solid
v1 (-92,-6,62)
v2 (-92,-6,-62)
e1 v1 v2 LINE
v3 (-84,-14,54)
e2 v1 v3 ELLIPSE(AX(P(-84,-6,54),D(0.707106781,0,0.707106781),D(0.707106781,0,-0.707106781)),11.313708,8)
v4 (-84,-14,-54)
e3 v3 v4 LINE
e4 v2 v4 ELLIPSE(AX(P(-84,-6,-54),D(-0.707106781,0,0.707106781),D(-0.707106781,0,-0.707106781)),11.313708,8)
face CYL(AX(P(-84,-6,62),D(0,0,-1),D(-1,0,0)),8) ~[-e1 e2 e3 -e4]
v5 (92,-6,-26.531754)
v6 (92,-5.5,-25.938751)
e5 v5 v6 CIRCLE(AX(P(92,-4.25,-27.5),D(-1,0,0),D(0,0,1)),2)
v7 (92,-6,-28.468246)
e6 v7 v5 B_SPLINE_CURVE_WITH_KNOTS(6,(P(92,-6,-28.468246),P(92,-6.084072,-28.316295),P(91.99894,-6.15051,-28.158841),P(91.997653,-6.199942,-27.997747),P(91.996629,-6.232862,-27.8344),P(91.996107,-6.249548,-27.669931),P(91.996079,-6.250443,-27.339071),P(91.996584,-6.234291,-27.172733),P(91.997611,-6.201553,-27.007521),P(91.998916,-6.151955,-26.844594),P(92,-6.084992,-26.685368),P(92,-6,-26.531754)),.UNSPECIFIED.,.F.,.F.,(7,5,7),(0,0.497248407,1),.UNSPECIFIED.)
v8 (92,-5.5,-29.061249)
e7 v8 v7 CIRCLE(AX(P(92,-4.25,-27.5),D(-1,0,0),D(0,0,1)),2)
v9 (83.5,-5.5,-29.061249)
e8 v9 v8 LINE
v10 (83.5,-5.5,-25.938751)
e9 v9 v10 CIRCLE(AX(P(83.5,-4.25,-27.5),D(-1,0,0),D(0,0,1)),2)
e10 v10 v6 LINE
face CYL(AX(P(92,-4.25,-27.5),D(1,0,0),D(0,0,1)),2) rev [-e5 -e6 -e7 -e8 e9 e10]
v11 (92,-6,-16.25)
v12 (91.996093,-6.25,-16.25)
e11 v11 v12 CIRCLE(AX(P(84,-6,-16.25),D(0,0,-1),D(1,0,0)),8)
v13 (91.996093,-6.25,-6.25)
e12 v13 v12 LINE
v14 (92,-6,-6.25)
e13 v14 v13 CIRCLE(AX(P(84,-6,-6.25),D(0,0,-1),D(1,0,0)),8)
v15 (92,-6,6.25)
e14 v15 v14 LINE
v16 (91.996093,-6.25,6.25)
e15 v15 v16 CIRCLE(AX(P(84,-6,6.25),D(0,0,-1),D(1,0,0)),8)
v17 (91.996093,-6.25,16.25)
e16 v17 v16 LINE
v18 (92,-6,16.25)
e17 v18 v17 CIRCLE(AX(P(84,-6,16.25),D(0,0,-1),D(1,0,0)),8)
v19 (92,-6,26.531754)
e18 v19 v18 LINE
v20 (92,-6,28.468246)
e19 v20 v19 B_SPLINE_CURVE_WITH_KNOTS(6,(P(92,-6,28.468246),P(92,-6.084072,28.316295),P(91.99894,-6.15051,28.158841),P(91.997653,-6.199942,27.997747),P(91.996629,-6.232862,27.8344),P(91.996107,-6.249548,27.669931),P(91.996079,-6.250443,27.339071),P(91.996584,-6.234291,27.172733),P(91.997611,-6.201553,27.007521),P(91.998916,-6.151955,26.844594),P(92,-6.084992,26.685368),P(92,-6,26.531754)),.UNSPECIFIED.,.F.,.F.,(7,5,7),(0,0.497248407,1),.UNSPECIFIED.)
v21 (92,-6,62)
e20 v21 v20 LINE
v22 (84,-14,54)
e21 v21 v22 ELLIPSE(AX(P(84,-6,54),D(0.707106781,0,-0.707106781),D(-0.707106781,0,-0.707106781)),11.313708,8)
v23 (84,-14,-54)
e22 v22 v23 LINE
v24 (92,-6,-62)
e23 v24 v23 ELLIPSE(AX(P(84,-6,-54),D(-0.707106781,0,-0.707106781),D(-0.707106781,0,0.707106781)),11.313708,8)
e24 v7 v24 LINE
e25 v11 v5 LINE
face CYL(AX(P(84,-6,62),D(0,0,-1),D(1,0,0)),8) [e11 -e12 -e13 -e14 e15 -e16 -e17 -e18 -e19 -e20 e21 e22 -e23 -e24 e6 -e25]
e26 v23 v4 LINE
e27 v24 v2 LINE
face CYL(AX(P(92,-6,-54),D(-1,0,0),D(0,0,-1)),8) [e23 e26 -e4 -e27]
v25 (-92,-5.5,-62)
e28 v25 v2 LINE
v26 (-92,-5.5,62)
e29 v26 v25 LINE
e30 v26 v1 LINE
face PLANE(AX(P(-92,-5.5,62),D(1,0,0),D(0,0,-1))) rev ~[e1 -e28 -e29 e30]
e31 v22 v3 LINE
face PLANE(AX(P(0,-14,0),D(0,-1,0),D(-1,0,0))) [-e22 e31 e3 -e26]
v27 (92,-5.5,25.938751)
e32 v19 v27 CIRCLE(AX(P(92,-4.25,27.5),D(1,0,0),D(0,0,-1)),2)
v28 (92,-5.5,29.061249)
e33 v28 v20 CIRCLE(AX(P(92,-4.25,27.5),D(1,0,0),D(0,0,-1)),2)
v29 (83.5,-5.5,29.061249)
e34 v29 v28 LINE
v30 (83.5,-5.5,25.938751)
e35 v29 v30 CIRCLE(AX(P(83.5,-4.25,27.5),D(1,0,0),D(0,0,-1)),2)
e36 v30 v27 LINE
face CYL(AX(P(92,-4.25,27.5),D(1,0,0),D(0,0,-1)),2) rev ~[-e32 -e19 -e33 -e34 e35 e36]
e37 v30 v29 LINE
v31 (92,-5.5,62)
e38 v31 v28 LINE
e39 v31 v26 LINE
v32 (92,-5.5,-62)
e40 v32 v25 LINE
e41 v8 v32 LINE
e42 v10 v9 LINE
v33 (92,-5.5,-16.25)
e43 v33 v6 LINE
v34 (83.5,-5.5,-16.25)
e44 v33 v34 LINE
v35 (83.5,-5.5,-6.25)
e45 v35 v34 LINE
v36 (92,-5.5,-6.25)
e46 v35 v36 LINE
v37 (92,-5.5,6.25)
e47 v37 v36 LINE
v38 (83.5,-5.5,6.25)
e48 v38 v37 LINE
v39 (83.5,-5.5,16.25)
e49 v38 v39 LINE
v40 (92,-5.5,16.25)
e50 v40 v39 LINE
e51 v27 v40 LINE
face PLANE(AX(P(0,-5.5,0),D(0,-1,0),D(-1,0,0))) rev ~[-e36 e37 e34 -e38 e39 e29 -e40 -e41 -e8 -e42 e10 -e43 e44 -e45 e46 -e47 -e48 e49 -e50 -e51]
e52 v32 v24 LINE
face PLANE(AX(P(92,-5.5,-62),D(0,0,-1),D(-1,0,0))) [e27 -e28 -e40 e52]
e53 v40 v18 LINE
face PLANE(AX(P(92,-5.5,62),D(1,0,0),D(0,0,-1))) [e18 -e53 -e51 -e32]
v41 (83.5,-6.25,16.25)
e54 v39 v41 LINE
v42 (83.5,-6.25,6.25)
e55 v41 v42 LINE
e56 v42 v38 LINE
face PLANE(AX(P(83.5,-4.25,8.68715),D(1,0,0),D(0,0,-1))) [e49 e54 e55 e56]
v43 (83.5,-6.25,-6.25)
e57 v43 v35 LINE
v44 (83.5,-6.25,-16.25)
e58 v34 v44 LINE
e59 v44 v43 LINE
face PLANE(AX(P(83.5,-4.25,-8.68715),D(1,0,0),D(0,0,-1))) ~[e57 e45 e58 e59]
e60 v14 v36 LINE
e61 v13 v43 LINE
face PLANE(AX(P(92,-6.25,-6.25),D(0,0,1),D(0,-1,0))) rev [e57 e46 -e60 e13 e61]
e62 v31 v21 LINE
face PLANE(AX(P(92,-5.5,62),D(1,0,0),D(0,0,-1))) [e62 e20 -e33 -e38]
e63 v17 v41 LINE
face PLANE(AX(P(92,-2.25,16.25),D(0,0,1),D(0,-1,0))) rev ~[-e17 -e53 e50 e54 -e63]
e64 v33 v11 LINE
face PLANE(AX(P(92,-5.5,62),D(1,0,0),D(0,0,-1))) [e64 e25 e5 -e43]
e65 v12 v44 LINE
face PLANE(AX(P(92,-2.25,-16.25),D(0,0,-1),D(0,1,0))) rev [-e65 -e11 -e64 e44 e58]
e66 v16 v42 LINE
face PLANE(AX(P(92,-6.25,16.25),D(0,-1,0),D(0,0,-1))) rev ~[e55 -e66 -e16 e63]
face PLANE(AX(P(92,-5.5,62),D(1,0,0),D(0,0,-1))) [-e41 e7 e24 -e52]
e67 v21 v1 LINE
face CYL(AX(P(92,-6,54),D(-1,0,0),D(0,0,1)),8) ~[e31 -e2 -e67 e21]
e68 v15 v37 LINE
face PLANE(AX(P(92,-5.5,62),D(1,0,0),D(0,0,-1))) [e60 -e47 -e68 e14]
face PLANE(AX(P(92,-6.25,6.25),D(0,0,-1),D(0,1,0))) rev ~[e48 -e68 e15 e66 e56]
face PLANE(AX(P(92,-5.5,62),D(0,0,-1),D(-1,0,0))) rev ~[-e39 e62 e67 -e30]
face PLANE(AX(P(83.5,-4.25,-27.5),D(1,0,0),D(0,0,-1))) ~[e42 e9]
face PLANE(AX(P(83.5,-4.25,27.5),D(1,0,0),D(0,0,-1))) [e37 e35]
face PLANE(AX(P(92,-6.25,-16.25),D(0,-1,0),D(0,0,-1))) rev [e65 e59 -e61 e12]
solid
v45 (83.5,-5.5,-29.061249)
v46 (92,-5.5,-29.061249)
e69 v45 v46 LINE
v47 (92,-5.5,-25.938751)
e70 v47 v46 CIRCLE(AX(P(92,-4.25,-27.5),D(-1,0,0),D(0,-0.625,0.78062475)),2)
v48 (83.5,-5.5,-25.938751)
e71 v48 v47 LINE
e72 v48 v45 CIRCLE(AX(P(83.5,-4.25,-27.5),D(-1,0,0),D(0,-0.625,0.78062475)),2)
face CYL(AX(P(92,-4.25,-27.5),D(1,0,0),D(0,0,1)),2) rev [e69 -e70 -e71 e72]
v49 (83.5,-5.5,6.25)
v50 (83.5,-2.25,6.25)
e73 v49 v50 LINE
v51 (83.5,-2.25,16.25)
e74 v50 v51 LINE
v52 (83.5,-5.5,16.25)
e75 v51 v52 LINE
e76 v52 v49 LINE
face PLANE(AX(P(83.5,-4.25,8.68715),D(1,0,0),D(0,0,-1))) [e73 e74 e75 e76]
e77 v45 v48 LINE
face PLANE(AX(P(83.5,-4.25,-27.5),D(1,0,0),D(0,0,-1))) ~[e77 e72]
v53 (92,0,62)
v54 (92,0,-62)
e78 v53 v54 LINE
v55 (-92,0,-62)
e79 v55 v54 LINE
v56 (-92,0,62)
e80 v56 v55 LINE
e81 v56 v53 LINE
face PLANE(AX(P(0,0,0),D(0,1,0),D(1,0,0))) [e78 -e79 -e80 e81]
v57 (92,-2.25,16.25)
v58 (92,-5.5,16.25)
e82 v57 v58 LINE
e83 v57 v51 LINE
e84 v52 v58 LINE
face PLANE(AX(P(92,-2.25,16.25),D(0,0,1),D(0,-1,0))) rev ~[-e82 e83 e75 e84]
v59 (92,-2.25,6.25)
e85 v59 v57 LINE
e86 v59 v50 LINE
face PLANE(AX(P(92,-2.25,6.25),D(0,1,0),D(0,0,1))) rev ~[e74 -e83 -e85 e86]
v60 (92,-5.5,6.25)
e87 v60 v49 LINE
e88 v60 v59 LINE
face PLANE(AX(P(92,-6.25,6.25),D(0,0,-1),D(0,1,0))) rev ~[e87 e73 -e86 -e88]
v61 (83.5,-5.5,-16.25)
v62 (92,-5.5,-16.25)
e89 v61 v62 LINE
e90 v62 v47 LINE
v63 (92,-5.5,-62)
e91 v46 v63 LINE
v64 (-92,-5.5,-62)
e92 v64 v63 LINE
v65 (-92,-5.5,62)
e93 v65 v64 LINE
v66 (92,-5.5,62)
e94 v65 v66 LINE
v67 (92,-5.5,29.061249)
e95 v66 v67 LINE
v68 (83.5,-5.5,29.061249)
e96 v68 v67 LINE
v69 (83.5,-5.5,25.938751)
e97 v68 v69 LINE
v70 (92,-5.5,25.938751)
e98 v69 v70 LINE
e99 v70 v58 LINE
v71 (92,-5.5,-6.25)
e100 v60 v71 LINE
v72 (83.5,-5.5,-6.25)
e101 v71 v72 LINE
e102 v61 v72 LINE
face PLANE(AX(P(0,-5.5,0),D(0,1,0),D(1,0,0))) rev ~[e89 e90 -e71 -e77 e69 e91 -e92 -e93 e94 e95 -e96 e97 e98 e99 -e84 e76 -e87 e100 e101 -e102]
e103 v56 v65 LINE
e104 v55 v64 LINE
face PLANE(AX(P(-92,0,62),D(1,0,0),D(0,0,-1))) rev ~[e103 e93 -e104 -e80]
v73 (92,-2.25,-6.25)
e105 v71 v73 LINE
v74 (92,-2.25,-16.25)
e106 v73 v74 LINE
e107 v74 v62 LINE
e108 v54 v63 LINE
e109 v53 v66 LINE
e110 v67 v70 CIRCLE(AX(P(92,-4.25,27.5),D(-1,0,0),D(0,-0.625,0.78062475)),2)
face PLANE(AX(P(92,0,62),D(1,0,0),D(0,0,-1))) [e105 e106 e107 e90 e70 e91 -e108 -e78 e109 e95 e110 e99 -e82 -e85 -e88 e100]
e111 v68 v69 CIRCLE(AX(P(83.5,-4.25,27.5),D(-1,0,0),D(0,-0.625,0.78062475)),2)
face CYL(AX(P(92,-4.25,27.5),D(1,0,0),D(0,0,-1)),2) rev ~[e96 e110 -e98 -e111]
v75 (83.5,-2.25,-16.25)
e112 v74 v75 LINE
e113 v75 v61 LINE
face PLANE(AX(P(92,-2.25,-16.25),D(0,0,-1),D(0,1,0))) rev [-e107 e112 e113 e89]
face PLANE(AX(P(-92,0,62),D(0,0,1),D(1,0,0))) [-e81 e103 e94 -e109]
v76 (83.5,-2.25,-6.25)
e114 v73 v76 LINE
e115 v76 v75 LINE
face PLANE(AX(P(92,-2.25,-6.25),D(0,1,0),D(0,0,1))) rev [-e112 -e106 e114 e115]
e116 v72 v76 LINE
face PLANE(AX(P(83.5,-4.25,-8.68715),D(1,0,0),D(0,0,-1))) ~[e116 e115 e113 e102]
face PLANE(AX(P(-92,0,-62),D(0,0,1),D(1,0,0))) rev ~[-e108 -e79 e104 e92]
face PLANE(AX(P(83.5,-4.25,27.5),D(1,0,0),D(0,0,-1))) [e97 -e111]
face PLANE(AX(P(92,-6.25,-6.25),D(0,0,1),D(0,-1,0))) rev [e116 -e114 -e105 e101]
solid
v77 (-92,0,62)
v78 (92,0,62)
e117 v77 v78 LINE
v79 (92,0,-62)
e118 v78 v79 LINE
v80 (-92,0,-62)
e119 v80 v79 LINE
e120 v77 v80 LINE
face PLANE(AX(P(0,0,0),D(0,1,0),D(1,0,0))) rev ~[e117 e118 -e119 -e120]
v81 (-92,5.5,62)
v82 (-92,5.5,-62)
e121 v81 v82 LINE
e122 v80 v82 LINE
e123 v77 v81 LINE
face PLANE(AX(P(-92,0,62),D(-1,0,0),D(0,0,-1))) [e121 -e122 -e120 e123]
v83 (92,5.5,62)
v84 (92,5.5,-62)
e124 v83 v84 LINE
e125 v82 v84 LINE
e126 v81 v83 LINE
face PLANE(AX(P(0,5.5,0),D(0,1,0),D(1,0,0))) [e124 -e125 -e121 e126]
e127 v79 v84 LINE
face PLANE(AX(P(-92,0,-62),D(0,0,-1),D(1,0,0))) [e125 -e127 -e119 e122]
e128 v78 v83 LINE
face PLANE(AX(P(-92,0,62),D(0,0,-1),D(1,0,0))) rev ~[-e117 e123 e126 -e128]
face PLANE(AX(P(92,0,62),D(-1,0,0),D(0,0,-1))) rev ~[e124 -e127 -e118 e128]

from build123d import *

# Parameters (mm, degrees)
SKETCH1_W           = 184
SKETCH1_H           = 124
BOSS_EXTRUDE1_DEPTH = 5.5
SKETCH1_2_W         = 184
SKETCH1_2_H         = 124
BOSS_EXTRUDE2_DEPTH = 5.5
SKETCH2_W           = 184
SKETCH2_H           = 124
BOSS_EXTRUDE3_DEPTH = 8.5
FILLET1_R           = 8
SKETCH3_W           = 10
SKETCH3_H           = 4
SKETCH3_R           = 2
CUT_EXTRUDE1_DEPTH  = 8.5


with BuildPart() as part:
    # Sketch1 → Boss-Extrude1 (new body)
    with BuildSketch(Plane(origin=(0, 0, 0), x_dir=(1, 0, 0), z_dir=(0, 1, 0))):
        Rectangle(SKETCH1_W, SKETCH1_H)
    extrude(amount=BOSS_EXTRUDE1_DEPTH)


with BuildPart() as body_2:
    # Sketch1<2> → Boss-Extrude2 (new body)
    with BuildSketch(Plane(origin=(0, 0, 0), x_dir=(1, 0, 0), z_dir=(0, 1, 0))):
        Rectangle(SKETCH1_2_W, SKETCH1_2_H)
    extrude(amount=-BOSS_EXTRUDE2_DEPTH)


with BuildPart() as body_3:
    # Sketch2 → Boss-Extrude3 (new body)
    with BuildSketch(Plane(origin=(0, -5.5, 0), x_dir=(-1, 0, 0), z_dir=(0, -1, 0))):
        Rectangle(SKETCH2_W, SKETCH2_H)
    extrude(amount=BOSS_EXTRUDE3_DEPTH)

    # Fillet1
    fillet1_edges = [body_3.edges().sort_by_distance(p)[0] for p in [
        (92, -14, 0),
        (0, -14, 62),
        (-92, -14, 0),
        (0, -14, -62),
    ]]
    fillet(fillet1_edges, radius=FILLET1_R)


with BuildPart() as cut_extrude1_tool:
    # Sketch3 → Cut-Extrude1 (new body)
    with BuildSketch(Plane(origin=(92, 0, 0), x_dir=(0, 0, -1), z_dir=(1, 0, 0))):
        with Locations((-11.25, -4.25)):
            Rectangle(SKETCH3_W, SKETCH3_H)
        with Locations((-27.5, -4.25)):
            Circle(SKETCH3_R)
    cut_extrude1 = extrude(amount=-CUT_EXTRUDE1_DEPTH)


with BuildPart() as body_2_1:
    add(body_2.part)

    # Cut-Extrude1: cut by cut_extrude1_tool
    add(cut_extrude1_tool.part, mode=Mode.SUBTRACT)


with BuildPart() as body_3_1:
    add(body_3.part)

    # Cut-Extrude1: cut by cut_extrude1_tool
    add(cut_extrude1_tool.part, mode=Mode.SUBTRACT)


with BuildPart() as mirror1_tool:
    # Mirror1: Cut-Extrude1 across plane
    add(cut_extrude1.mirror(Plane.XY))


with BuildPart() as body_2_2:
    add(body_2_1.part)

    # Mirror1: cut by mirror1_tool
    add(mirror1_tool.part, mode=Mode.SUBTRACT)


with BuildPart() as body_3_2:
    add(body_3_1.part)

    # Mirror1: cut by mirror1_tool
    add(mirror1_tool.part, mode=Mode.SUBTRACT)


solid = Compound([part.part, body_2_2.part, body_3_2.part])
